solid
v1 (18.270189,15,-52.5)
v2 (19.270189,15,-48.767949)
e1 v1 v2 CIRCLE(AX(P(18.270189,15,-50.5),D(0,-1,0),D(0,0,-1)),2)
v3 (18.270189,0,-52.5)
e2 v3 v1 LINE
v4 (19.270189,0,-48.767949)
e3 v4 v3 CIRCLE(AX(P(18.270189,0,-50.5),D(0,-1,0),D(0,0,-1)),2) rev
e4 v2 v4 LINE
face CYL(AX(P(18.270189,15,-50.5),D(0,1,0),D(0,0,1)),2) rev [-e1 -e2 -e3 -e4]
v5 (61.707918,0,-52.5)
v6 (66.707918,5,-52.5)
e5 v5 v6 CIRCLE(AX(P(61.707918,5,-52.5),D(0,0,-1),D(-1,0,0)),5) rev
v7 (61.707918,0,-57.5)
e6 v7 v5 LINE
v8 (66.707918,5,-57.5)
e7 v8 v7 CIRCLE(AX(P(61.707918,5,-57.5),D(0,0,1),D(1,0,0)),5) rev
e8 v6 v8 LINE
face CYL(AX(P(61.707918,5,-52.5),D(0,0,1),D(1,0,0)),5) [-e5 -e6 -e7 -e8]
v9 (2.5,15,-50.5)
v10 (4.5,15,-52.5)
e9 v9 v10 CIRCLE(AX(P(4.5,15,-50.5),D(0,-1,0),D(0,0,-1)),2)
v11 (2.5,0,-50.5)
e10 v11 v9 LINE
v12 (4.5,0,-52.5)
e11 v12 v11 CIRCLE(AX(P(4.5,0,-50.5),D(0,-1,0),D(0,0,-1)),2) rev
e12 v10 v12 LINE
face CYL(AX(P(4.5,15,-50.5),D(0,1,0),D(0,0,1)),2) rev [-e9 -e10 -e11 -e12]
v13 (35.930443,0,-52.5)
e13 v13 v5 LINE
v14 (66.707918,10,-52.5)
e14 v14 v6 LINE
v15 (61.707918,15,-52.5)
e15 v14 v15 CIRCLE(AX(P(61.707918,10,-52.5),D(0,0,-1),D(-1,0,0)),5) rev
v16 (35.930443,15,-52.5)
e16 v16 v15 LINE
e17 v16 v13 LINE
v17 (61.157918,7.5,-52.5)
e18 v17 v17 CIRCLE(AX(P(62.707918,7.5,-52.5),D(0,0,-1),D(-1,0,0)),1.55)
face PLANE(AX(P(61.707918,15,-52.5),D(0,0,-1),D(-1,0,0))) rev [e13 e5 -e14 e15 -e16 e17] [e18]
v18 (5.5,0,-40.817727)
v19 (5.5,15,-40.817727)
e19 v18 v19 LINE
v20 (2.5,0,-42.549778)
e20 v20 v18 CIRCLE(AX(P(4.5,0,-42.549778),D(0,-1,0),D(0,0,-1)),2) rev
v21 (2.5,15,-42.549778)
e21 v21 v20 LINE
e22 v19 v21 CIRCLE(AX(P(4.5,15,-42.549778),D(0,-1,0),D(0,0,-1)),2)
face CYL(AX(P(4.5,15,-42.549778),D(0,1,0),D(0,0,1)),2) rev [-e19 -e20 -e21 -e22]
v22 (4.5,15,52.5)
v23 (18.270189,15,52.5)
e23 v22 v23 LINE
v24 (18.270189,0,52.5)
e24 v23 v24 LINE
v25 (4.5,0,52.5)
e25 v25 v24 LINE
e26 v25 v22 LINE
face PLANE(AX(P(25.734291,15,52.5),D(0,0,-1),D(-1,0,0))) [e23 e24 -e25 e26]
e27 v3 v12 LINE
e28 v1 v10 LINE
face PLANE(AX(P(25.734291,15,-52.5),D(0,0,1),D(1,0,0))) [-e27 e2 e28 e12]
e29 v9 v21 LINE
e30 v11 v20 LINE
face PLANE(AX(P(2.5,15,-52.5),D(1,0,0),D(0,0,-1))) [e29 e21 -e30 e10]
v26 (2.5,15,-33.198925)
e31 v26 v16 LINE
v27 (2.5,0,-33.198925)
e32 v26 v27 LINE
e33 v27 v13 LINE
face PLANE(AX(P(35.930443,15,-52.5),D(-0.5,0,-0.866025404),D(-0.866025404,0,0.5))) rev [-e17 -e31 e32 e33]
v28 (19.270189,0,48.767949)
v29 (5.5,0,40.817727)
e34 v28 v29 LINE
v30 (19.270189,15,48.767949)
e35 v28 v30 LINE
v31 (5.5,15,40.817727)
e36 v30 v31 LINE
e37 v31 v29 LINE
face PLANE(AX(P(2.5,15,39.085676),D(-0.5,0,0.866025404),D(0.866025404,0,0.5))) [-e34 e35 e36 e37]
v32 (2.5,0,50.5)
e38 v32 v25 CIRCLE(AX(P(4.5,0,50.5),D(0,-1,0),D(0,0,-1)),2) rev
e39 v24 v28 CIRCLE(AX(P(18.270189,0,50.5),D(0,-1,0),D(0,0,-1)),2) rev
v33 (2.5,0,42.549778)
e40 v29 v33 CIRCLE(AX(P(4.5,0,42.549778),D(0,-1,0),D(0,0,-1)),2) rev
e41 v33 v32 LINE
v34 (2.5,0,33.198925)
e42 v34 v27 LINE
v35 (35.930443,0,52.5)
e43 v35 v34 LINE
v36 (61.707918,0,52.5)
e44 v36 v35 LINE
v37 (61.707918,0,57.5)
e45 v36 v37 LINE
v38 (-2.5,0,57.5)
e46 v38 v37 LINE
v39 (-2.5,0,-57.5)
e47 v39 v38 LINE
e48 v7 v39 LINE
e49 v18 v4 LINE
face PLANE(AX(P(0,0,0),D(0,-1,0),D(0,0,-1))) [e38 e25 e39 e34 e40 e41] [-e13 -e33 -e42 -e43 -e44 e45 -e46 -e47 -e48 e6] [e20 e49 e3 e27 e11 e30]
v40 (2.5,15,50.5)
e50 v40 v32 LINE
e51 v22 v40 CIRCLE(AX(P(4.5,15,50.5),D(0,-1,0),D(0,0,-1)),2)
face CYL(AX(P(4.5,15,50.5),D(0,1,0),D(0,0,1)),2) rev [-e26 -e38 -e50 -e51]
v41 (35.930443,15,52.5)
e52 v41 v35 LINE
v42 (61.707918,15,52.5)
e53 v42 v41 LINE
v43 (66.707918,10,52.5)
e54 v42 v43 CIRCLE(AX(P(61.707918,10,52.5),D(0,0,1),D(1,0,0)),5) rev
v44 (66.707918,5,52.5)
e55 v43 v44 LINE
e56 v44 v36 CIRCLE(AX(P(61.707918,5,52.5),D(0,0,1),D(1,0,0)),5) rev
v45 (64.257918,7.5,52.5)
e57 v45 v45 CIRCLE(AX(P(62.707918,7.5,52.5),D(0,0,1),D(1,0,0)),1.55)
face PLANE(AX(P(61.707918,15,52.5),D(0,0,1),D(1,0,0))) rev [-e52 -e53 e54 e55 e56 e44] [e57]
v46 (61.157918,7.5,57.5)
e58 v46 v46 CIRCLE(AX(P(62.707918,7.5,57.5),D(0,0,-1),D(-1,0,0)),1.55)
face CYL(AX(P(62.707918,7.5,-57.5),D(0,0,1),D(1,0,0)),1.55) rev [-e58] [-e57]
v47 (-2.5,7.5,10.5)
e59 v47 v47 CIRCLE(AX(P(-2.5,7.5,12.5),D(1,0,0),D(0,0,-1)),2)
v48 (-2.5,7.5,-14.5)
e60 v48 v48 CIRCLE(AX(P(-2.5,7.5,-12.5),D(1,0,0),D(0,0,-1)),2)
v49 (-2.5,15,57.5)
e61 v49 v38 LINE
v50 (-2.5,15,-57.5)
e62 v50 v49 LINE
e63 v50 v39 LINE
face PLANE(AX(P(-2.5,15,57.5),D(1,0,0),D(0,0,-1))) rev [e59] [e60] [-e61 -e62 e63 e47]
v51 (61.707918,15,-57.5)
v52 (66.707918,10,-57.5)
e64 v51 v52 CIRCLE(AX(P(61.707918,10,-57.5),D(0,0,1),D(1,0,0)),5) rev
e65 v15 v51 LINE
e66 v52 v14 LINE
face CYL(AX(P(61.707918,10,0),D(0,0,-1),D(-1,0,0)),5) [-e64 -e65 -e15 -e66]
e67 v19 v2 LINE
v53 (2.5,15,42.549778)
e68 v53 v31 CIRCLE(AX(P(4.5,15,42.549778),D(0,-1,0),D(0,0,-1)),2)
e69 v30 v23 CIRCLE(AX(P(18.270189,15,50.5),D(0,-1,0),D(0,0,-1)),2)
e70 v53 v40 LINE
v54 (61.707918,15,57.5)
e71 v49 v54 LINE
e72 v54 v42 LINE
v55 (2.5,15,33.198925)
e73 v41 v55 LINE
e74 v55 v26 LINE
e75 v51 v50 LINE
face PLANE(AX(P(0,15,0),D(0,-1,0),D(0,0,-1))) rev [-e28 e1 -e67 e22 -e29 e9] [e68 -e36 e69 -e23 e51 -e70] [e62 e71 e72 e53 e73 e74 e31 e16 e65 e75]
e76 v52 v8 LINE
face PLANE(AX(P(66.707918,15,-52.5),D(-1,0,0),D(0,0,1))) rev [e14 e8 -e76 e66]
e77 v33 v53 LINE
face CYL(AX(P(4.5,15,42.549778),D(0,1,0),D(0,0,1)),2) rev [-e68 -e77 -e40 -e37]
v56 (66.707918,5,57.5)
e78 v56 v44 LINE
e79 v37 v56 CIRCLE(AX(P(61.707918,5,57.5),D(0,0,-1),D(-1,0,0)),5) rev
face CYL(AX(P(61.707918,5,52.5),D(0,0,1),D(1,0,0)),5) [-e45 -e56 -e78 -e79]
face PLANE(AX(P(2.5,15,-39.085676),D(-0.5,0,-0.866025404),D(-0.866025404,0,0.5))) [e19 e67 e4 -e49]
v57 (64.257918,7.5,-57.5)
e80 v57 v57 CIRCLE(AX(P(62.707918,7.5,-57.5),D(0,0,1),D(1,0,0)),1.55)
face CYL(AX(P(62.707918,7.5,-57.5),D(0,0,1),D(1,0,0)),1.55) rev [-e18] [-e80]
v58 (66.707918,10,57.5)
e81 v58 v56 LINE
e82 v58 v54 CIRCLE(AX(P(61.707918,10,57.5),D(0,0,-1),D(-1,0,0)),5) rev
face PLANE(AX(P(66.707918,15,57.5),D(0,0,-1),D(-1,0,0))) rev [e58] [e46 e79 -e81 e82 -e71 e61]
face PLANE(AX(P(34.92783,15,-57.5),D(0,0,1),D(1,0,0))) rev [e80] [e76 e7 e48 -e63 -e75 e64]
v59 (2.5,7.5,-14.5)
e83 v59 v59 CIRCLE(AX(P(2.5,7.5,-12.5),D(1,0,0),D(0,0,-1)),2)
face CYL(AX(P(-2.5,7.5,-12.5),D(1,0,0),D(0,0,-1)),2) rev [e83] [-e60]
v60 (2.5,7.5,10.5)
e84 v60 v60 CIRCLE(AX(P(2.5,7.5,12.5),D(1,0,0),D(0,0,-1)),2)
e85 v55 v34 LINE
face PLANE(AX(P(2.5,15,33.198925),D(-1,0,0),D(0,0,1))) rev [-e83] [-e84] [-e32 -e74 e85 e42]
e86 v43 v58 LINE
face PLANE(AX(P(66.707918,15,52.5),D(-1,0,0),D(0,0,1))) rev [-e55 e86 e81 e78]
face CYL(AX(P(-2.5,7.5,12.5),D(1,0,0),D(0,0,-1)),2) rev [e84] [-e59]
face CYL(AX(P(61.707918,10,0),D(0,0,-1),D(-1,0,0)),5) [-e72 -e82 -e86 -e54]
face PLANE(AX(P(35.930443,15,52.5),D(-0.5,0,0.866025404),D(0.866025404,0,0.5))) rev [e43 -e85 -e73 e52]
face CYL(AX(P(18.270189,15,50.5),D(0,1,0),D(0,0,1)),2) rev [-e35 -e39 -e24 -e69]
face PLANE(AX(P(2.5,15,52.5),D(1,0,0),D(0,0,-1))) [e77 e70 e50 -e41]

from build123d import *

# Parameters (mm, degrees)
BOSS_EXTRUDE1_DEPTH     = 15
SKETCH2_R               = 1.55
CUT_EXTRUDE1_DEPTH      = 1
CUT_EXTRUDE1_DEPTH_BACK = 116
FILLET1_R               = 2
FILLET2_R               = 5
SKETCH3_R               = 2
CUT_EXTRUDE2_DEPTH      = 6


with BuildPart() as part:
    # Sketch1 → Boss-Extrude1 (new body)
    with BuildSketch(Plane(origin=(0, 0, 0), x_dir=(1, 0, 0), z_dir=(0, 1, 0))):
        Polygon((61.707917854, 52.5), (66.707917854, 52.5), (66.707917854, 57.5), (62.241203502, 57.5), (34.92783027, 57.5), (-2.5, 57.5), (-2.5, 36.198924731), (-2.5, 33.198924731), (-2.5, -33.198924731), (-2.5, -36.198924731), (-2.5, -57.5), (34.92783027, -57.5), (62.241203502, -57.5), (66.707917854, -57.5), (66.707917854, -52.5), (61.707917854, -52.5), (35.930443006, -52.5), (2.5, -33.198924731), (2.5, 33.198924731), (35.930443006, 52.5), align=None)
        Polygon((2.5, 39.085676077), (25.734290584, 52.5), (2.5, 52.5), align=None, mode=Mode.SUBTRACT)
        Polygon((2.5, -52.5), (2.5, -39.085676077), (25.734290584, -52.5), align=None, mode=Mode.SUBTRACT)
    extrude(amount=BOSS_EXTRUDE1_DEPTH)

    # Sketch2 → Cut-Extrude1 (cut, two sides)
    with BuildSketch(Plane.XY.offset(57.5)) as cut_extrude1_sk:
        with Locations((62.707917854, 7.5)):
            Circle(SKETCH2_R)
    extrude(amount=CUT_EXTRUDE1_DEPTH, mode=Mode.SUBTRACT)
    extrude(cut_extrude1_sk.sketch, amount=-CUT_EXTRUDE1_DEPTH_BACK, mode=Mode.SUBTRACT)

    # Fillet1
    fillet1_edges = [part.edges().sort_by_distance(p)[0] for p in [
        (25.734290584, 7.5, -52.5),
        (2.5, 7.5, -52.5),
        (2.5, 7.5, -39.085676077),
        (2.5, 7.5, 52.5),
        (25.734290584, 7.5, 52.5),
        (2.5, 7.5, 39.085676077),
    ]]
    fillet(fillet1_edges, radius=FILLET1_R)

    # Fillet2
    fillet2_edges = [part.edges().sort_by_distance(p)[0] for p in [
        (66.707917854, 15, -55),
        (66.707917854, 0, 55),
        (66.707917854, 0, -55),
        (66.707917854, 15, 55),
    ]]
    fillet(fillet2_edges, radius=FILLET2_R)

    # Sketch3 → Cut-Extrude2 (cut, through all)
    with BuildSketch(Plane(origin=(2.5, 0, 0), x_dir=(0, 0, -1), z_dir=(1, 0, 0))):
        with Locations((-12.5, 7.5)):
            Circle(SKETCH3_R)
        with Locations((12.5, 7.5)):
            Circle(SKETCH3_R)
    extrude(amount=-CUT_EXTRUDE2_DEPTH, mode=Mode.SUBTRACT)


solid = part.part
